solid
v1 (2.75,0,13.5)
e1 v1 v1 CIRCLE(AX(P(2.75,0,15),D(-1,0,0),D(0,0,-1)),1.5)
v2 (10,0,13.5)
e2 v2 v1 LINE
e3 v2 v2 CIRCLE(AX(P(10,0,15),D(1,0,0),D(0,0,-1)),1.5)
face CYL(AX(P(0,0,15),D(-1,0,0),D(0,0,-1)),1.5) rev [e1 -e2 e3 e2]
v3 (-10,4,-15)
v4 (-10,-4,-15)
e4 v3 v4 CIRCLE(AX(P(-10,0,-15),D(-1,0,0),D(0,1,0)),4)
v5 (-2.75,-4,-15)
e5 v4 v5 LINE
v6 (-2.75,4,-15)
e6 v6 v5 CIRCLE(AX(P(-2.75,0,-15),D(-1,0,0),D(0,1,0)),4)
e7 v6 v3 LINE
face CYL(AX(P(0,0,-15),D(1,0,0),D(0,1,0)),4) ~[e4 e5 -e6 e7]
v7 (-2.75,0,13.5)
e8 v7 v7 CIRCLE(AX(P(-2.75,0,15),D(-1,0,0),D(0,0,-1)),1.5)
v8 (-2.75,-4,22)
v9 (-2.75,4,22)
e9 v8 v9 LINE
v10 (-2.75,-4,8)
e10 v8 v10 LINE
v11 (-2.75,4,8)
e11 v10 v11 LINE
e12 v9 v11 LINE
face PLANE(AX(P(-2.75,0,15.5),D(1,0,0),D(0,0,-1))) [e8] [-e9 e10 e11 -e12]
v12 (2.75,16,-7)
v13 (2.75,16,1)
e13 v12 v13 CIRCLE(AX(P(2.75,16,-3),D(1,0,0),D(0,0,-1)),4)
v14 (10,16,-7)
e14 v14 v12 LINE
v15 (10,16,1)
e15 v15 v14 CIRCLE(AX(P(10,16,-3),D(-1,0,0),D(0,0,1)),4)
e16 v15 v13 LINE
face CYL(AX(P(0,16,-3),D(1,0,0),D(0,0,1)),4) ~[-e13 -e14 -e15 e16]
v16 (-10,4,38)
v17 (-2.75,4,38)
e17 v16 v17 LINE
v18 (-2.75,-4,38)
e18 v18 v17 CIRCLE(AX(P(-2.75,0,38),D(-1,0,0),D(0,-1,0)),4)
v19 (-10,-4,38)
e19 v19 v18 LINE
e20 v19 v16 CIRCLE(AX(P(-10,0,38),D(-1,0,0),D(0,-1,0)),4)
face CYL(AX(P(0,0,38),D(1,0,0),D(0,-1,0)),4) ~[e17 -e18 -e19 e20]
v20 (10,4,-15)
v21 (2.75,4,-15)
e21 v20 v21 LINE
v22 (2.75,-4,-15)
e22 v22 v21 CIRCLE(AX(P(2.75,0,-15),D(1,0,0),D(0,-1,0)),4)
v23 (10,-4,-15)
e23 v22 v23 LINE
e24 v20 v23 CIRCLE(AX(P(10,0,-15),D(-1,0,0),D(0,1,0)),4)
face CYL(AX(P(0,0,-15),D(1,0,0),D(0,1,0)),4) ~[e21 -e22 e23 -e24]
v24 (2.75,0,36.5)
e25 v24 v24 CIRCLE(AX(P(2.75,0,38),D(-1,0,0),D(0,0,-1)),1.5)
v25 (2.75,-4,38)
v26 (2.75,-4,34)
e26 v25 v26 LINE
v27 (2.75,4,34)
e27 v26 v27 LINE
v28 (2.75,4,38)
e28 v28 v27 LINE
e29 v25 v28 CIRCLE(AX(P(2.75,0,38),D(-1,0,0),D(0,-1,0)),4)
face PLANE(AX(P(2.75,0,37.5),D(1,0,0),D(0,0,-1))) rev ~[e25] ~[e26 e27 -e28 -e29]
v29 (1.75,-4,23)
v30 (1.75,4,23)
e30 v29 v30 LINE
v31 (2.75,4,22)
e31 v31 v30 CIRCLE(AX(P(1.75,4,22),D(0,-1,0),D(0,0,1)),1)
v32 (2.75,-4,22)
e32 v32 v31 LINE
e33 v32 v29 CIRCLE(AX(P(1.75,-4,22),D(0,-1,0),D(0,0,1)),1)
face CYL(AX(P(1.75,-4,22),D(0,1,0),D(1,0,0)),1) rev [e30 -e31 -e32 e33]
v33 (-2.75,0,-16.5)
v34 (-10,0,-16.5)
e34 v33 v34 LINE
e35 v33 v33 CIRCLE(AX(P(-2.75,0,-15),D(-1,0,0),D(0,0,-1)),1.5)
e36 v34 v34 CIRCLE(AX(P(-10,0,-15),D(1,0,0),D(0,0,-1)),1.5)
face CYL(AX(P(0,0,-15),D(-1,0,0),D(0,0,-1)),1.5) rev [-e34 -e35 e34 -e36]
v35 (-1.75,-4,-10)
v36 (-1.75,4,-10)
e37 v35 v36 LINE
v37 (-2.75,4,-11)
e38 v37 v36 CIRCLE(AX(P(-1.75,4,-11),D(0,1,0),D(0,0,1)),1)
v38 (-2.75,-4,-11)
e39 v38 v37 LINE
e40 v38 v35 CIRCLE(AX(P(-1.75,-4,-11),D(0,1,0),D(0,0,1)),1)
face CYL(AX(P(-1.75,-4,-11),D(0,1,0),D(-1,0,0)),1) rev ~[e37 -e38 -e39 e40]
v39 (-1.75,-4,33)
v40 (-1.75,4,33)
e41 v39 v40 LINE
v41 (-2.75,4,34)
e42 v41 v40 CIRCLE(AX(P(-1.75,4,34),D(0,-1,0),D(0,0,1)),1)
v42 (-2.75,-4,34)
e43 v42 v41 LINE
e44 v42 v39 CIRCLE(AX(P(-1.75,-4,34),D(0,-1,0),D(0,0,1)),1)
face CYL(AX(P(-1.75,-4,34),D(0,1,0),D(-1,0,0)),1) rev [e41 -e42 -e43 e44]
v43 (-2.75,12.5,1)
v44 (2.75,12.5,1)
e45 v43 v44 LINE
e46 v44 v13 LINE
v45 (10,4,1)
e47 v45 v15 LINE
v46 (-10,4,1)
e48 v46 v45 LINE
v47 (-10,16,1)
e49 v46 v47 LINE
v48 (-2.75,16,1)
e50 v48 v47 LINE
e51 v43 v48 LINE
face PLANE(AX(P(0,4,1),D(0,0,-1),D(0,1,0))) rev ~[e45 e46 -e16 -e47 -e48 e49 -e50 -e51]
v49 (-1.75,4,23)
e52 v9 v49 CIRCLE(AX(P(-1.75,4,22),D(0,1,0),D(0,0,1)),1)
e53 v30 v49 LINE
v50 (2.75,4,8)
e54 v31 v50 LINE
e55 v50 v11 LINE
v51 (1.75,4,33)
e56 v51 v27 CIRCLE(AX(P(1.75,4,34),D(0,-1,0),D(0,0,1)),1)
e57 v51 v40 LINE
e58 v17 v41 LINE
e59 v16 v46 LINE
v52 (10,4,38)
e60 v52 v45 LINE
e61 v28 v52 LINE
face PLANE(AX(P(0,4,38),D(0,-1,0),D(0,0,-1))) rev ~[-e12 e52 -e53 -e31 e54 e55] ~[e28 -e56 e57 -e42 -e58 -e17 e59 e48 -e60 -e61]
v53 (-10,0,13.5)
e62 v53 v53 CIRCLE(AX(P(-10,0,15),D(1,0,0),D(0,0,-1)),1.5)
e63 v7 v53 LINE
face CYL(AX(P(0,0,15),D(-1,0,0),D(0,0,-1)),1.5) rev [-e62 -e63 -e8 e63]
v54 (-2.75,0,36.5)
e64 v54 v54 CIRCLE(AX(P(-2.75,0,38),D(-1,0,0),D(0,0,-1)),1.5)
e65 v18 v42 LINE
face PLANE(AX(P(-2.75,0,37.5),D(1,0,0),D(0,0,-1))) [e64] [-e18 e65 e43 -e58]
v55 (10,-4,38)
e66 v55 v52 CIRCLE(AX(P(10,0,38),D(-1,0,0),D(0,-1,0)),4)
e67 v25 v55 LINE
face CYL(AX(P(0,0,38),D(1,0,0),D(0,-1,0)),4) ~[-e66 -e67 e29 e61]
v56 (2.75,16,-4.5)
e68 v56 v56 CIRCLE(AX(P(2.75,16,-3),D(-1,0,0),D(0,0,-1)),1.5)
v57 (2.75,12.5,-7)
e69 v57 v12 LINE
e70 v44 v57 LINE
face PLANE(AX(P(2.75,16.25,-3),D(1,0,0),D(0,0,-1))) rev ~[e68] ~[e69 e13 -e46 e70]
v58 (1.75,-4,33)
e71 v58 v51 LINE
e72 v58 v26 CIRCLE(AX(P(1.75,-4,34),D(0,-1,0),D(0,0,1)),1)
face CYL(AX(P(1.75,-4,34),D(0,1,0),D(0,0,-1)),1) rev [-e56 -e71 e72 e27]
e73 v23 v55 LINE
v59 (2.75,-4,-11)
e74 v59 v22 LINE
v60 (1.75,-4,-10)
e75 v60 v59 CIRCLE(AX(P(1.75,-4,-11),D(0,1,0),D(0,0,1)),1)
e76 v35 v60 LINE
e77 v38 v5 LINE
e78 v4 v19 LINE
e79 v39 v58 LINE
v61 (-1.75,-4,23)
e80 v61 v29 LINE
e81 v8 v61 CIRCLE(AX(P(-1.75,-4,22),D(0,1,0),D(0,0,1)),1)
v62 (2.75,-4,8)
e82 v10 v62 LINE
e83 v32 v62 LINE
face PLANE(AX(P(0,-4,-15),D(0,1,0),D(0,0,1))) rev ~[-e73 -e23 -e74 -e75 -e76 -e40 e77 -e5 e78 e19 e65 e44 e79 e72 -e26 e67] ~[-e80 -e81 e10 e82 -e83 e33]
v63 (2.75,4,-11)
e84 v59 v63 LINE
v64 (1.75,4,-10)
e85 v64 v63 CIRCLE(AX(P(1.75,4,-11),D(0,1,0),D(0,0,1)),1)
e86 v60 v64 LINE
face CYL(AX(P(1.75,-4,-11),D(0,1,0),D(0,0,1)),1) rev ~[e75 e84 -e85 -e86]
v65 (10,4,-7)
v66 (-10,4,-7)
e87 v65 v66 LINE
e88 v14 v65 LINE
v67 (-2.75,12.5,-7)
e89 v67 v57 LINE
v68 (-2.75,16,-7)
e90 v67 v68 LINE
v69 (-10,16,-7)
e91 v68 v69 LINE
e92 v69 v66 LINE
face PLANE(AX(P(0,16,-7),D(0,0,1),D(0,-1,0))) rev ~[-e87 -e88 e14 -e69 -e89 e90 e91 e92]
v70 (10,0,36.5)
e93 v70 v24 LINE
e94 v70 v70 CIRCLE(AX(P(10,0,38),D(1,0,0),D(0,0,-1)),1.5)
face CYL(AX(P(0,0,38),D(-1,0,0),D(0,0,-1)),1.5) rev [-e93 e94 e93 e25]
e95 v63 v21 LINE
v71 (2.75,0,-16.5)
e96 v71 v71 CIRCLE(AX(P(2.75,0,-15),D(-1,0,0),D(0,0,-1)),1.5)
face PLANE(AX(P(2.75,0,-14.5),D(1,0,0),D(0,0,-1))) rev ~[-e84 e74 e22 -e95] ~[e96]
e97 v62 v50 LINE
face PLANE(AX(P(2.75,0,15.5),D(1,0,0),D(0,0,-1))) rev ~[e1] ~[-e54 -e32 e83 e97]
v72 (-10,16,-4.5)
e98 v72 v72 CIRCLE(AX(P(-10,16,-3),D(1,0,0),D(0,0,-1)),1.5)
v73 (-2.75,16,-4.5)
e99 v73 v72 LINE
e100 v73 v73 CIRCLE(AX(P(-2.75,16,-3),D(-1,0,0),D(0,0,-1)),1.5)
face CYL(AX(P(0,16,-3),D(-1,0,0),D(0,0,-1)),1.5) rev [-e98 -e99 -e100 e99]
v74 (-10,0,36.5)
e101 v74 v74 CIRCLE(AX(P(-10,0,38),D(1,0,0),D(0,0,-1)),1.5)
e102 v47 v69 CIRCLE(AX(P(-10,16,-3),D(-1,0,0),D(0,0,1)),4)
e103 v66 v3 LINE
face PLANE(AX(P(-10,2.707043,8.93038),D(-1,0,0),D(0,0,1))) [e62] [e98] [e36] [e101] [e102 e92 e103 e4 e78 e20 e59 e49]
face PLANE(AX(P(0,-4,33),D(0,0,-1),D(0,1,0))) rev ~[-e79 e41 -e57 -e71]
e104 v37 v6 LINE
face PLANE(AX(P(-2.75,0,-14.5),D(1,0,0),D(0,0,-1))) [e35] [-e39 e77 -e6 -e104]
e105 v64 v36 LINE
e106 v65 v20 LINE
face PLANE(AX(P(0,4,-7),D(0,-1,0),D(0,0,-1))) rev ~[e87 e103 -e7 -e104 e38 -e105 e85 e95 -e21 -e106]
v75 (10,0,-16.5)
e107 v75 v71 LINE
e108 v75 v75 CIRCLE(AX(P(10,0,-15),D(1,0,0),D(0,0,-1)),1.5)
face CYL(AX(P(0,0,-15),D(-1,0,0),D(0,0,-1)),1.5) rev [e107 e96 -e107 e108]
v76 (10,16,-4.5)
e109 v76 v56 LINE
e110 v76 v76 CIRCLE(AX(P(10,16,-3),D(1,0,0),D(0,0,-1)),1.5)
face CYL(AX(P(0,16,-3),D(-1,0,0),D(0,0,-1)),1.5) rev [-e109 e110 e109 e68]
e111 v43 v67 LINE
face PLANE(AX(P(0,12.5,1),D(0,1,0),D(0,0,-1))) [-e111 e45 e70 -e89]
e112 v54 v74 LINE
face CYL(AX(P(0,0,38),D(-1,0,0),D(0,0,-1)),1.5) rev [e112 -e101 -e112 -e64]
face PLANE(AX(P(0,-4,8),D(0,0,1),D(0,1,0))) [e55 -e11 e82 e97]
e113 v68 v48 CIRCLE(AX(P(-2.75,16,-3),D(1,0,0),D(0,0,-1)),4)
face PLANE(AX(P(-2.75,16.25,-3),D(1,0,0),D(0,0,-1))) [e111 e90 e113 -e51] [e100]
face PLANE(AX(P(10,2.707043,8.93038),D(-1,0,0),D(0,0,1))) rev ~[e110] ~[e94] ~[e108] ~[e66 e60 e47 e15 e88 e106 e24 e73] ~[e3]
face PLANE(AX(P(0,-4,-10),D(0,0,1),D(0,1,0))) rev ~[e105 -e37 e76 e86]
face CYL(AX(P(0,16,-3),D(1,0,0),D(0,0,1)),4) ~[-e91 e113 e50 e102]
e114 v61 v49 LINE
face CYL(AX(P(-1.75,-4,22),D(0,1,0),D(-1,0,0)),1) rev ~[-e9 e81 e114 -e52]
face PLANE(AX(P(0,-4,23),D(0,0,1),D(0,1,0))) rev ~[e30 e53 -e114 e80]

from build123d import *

# Parameters (mm, degrees)
CROQUIS1_R              = 1.5
SALIENTE_EXTRUIR1_DEPTH = 10
CROQUIS2_W              = 8
CROQUIS2_H              = 7.5
CROQUIS2_W_2            = 15
CROQUIS2_H_2            = 8
CROQUIS2_W_3            = 9
CORTAR_EXTRUIR1_DEPTH   = 2.75
REDONDEO1_R             = 1


with BuildPart() as part:
    # Croquis1 → Saliente-Extruir1 (new, symmetric)
    with BuildSketch(Plane(origin=(0, 0, 0), x_dir=(0, 0, -1), z_dir=(1, 0, 0))):
        with BuildLine():
            Line((-15, 4), (-1, 4))
            Line((-1, 4), (-1, 16))
            ThreePointArc((-1, 16), (3, 20), (7, 16))
            Line((7, 16), (7, 4))
            Line((7, 4), (15, 4))
            ThreePointArc((15, 4), (19, 0), (15, -4))
            Line((15, -4), (-15, -4))
            Line((-15, -4), (-38, -4))
            ThreePointArc((-38, -4), (-42, 0), (-38, 4))
            Line((-38, 4), (-15, 4))
        make_face()
        with Locations((15, 0)):
            Circle(CROQUIS1_R, mode=Mode.SUBTRACT)
        with Locations((3, 16)):
            Circle(CROQUIS1_R, mode=Mode.SUBTRACT)
        with Locations((-15, 0)):
            Circle(CROQUIS1_R, mode=Mode.SUBTRACT)
        with Locations((-38, 0)):
            Circle(CROQUIS1_R, mode=Mode.SUBTRACT)
    extrude(amount=SALIENTE_EXTRUIR1_DEPTH, both=True)

    # Croquis2 → Cortar-Extruir1 (cut, symmetric)
    with BuildSketch(Plane(origin=(0, 0, 0), x_dir=(0, 0, -1), z_dir=(1, 0, 0))):
        with Locations((3, 16.25)):
            Rectangle(CROQUIS2_W, CROQUIS2_H)
        with Locations((-15.5, 0)):
            Rectangle(CROQUIS2_W_2, CROQUIS2_H_2)
        with Locations((14.5, 0)):
            Rectangle(CROQUIS2_W_3, CROQUIS2_H_2)
        with Locations((-37.5, 0)):
            Rectangle(CROQUIS2_W_3, CROQUIS2_H_2)
    extrude(amount=CORTAR_EXTRUIR1_DEPTH, both=True, mode=Mode.SUBTRACT)

    # Redondeo1
    redondeo1_edges = [part.edges().sort_by_distance(p)[0] for p in [
        (2.75, 0, -10),
        (-2.75, 0, -10),
        (-2.75, 0, 23),
        (2.75, 0, 23),
        (2.75, 0, 33),
        (-2.75, 0, 33),
    ]]
    fillet(redondeo1_edges, radius=REDONDEO1_R)


solid = part.part
